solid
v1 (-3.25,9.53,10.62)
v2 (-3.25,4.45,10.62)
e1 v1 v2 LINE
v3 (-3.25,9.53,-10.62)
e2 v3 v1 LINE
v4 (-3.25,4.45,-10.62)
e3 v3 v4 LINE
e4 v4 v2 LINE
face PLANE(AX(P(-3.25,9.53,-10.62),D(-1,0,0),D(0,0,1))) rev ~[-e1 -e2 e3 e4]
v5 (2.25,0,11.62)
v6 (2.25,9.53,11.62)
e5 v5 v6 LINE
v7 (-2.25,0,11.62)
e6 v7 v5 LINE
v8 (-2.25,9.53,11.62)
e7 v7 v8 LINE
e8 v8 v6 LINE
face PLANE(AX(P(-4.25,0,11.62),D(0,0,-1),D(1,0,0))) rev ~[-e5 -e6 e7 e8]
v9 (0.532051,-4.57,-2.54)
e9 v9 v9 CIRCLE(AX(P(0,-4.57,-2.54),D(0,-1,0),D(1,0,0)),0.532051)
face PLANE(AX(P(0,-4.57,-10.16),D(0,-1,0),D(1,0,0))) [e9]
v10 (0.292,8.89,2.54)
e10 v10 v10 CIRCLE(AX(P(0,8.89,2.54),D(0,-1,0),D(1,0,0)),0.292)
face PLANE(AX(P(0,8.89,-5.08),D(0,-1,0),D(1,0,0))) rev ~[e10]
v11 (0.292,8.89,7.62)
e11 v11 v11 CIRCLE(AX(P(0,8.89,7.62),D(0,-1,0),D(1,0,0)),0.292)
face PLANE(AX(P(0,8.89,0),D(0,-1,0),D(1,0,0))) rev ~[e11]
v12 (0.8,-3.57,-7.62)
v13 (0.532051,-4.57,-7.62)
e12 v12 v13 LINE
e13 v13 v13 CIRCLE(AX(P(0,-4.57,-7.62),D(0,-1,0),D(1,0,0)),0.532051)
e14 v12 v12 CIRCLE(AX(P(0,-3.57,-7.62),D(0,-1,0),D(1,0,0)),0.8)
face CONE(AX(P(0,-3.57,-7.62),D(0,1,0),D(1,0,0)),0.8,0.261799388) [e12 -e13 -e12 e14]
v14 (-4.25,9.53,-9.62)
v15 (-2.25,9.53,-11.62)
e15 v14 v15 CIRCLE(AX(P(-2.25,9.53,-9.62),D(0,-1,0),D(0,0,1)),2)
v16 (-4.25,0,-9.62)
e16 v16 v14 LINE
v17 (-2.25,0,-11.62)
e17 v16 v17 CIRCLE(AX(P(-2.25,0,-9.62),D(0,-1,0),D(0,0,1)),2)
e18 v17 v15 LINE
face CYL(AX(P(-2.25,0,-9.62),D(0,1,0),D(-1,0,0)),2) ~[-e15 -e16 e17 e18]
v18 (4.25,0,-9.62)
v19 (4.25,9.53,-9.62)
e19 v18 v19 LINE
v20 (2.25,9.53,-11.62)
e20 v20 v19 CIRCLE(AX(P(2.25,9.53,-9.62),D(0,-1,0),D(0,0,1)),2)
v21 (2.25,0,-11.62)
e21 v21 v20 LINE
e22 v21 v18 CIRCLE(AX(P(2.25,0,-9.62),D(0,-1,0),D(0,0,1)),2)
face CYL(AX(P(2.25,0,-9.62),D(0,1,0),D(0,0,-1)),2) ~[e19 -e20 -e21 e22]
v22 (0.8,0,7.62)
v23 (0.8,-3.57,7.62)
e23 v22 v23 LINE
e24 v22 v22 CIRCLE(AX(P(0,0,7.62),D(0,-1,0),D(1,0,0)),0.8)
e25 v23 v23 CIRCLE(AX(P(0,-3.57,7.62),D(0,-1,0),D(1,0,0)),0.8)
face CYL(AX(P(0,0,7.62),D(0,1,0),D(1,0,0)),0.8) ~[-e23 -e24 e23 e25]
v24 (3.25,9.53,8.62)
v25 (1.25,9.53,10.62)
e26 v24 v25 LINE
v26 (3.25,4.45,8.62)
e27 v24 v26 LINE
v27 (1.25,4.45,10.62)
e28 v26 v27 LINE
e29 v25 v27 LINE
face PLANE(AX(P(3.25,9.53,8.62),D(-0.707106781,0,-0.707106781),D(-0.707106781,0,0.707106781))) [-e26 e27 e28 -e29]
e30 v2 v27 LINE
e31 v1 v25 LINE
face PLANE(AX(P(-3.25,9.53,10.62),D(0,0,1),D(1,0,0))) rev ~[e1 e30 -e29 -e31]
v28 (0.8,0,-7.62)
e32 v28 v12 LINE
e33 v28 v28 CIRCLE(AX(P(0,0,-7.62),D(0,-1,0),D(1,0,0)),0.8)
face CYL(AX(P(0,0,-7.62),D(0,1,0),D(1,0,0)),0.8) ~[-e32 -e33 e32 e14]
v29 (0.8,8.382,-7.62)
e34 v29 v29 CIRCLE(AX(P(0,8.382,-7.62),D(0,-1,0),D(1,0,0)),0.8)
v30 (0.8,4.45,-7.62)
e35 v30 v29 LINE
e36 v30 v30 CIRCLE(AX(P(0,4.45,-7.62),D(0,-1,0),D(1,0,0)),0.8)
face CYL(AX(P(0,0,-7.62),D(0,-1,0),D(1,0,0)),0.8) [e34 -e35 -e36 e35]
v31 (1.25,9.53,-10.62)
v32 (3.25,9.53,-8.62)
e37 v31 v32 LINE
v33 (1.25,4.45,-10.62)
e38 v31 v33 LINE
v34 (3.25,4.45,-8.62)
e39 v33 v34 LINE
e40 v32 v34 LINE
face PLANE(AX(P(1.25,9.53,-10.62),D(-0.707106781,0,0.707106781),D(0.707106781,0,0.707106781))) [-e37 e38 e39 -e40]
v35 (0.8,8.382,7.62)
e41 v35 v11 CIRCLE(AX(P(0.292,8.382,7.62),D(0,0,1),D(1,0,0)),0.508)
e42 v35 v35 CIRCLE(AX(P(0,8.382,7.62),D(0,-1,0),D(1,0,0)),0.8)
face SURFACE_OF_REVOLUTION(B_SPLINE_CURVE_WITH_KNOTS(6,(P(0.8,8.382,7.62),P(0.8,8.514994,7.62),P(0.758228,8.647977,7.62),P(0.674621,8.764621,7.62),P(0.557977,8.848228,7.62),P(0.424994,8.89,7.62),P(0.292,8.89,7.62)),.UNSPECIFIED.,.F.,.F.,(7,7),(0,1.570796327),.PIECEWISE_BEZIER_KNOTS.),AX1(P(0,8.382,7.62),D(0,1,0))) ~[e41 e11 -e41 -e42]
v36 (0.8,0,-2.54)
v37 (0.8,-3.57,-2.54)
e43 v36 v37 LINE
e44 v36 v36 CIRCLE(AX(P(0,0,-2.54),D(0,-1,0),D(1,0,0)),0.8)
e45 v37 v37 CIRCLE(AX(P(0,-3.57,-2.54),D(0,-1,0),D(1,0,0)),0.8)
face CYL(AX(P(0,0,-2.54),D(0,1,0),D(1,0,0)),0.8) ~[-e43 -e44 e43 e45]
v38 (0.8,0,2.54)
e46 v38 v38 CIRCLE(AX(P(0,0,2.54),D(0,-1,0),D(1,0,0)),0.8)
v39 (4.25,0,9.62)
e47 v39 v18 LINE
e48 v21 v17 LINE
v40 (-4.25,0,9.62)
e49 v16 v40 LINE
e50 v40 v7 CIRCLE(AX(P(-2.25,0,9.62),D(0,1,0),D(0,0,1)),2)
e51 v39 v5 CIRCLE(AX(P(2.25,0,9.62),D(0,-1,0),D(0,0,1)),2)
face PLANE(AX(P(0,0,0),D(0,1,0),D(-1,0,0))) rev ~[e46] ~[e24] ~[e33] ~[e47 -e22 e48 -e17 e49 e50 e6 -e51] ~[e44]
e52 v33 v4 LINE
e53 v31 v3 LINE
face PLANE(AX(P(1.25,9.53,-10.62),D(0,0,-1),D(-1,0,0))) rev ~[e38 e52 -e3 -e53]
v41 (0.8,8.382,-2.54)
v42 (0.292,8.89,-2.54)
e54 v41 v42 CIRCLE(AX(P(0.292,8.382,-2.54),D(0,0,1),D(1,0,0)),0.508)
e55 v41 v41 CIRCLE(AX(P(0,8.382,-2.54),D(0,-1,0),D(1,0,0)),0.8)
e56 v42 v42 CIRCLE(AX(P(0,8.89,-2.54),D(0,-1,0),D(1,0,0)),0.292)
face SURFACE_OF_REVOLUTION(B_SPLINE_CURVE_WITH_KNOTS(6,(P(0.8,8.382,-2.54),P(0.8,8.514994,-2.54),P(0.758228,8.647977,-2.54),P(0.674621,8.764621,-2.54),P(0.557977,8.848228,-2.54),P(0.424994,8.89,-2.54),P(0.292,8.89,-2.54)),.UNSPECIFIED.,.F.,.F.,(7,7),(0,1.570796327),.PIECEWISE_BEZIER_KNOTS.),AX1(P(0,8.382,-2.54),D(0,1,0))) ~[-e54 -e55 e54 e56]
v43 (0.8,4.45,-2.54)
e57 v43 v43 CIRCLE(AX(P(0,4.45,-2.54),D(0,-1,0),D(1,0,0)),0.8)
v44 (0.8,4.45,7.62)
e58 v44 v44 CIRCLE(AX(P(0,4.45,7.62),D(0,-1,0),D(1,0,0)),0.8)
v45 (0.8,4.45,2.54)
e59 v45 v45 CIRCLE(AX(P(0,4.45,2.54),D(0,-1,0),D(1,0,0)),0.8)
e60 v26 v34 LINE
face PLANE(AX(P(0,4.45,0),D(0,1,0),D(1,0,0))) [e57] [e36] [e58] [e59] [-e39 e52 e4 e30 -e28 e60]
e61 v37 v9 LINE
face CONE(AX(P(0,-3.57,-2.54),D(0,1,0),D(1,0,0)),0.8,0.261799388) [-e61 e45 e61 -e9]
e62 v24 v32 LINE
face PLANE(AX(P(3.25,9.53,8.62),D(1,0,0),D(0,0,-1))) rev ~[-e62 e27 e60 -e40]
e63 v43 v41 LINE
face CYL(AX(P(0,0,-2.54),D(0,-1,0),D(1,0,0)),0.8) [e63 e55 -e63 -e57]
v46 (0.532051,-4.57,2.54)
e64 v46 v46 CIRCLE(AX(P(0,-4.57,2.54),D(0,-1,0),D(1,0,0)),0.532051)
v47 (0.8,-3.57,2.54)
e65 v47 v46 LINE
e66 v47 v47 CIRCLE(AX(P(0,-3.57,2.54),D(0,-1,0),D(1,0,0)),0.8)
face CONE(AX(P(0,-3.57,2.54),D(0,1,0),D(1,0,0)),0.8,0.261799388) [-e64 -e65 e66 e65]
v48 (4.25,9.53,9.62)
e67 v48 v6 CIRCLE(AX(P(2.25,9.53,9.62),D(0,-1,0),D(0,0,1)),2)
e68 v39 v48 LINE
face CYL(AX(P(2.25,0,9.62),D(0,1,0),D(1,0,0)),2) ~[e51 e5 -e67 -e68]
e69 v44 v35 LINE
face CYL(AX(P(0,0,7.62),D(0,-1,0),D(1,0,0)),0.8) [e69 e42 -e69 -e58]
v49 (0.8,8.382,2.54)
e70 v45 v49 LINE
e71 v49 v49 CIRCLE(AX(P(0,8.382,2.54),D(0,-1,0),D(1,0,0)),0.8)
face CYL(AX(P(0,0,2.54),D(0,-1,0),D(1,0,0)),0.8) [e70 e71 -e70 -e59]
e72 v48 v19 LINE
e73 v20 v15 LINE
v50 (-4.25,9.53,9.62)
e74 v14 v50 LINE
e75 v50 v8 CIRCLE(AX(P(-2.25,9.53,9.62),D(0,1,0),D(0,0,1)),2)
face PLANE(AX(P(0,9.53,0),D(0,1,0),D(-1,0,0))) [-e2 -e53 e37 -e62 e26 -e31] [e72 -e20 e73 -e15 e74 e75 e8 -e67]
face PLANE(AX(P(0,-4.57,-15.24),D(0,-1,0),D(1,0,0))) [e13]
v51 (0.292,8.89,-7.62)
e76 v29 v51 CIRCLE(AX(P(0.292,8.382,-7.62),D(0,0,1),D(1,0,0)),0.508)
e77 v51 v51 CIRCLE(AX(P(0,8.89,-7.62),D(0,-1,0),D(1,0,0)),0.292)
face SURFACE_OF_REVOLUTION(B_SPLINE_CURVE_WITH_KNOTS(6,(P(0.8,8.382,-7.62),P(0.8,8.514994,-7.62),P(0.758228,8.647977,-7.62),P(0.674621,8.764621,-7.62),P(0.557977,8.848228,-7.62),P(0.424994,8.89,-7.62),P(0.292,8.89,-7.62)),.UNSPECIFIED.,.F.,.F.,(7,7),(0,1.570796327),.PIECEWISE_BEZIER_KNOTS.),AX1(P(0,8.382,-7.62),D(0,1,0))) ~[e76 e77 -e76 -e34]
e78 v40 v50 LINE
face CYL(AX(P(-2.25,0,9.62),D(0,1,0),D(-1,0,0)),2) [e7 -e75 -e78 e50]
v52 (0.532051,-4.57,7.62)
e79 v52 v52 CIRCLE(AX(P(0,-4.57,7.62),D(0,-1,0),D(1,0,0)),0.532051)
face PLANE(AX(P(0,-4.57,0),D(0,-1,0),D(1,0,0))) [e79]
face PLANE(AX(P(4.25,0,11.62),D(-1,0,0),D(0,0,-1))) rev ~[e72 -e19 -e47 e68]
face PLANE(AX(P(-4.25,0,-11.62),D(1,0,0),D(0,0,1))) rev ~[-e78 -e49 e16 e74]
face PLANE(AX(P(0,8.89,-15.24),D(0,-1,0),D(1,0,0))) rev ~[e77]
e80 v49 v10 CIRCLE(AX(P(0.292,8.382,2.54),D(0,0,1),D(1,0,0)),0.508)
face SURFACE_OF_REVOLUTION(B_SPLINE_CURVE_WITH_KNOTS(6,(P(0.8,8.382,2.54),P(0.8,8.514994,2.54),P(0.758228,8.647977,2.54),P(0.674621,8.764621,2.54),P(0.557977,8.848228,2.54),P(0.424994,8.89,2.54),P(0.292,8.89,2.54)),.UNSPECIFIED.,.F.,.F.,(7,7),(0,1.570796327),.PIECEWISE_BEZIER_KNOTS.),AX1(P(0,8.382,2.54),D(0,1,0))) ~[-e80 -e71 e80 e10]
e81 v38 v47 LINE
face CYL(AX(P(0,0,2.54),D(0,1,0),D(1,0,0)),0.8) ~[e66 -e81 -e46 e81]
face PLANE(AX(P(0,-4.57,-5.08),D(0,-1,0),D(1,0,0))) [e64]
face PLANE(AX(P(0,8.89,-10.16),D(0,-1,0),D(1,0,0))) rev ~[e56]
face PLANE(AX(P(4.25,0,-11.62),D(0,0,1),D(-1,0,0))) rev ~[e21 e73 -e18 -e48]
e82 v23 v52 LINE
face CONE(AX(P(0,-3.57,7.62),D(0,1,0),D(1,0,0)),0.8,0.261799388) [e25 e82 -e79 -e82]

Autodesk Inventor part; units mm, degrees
ref_plane "YZ Plane" through (0, 0, 0) normal (1, 0, 0) x (0, 1, 0)
ref_plane "XZ Plane" through (0, 0, 0) normal (0, 1, 0) x (-1, 0, 0)
ref_plane "XY Plane" through (0, 0, 0) normal (0, 0, 1) x (1, 0, 0)
sketch "Sketch1" plane through (0, 0, 0) normal (0, 1, 0) x (-1, 0, 0)
  line L0 (4.25, 11.62) -> (-4.25, 11.62)
  line L1 (-4.25, 11.62) -> (-4.25, -11.62)
  line L2 (-4.25, -11.62) -> (4.25, -11.62)
  line L3 (4.25, -11.62) -> (4.25, 11.62)
  point P0 (0, 0)
  dimension "d0" = 23.24
  dimension "d1" = 11.62
  dimension "d2" = 8.5
  dimension "d3" = 4.25
extrude "Extrusion1" add sketch "Sketch1" along normal blind 9.53
fillet "Fillet1" radius 2 4 edges at (4.25, 4.765, 11.62) (-4.25, 4.765, 11.62) (-4.25, 4.765, -11.62) (4.25, 4.765, -11.62)
sketch "Sketch2" plane through (0, 9.53, 0) normal (0, 1, 0) x (1, 0, 0)
  line L0 (-3.25, -10.62) -> (3.25, -10.62)
  line L1 (3.25, -10.62) -> (3.25, 10.62)
  line L2 (3.25, 10.62) -> (-3.25, 10.62)
  line L3 (-3.25, 10.62) -> (-3.25, -10.62)
  line L4 (4.25, 11.62) -> (-4.25, 11.62) projected
  line L5 (-4.25, 11.62) -> (-4.25, -11.62) projected
  line L6 (-4.25, -11.62) -> (4.25, -11.62) projected
  line L7 (4.25, -11.62) -> (4.25, 11.62) projected
  line L8 (1.25, 10.62) -> (3.25, 8.62)
  line L9 (3.25, -8.62) -> (1.25, -10.62)
  point P0 (0, 0)
  dimension "d6" = 1
  dimension "d7" = 1
  dimension "d8" = 1
  dimension "d9" = 1
  dimension "d11" = 45
  dimension "d12" = 45
  dimension "d13" = 2
  dimension "d14" = 2
extrude "Extrusion2" cut sketch "Sketch2" against normal blind 5.08 contours L3 L2 L8 L1 L9 L0
sketch "Sketch3" plane through (0, 0, 0) normal (0, -1, 0) x (1, 0, 0)
  circle A0 centre (0, 7.62) radius 0.8
  point P0 (0, 0)
  dimension "d17" = 1.6
  dimension "d18" = 7.62
extrude "Extrusion3" add sketch "Sketch3" along normal blind 4.57 and the other way blind 8.89
fillet "Fillet2" radius 0.508 1 edges at (-0.8, 8.89, 7.62)
chamfer "Chamfer1" distance 1 angle 15 1 edges at (-0.8, -4.57, 7.62) measured on face at (0.7974, -3.0467, 7.5556)
pattern_linear "Rectangular Pattern1" count 4 spacing 5.08 along (0, 0, -1) of "Extrusion3", "Fillet2", "Chamfer1"
properties part number "Molex_4x508_Conn"
